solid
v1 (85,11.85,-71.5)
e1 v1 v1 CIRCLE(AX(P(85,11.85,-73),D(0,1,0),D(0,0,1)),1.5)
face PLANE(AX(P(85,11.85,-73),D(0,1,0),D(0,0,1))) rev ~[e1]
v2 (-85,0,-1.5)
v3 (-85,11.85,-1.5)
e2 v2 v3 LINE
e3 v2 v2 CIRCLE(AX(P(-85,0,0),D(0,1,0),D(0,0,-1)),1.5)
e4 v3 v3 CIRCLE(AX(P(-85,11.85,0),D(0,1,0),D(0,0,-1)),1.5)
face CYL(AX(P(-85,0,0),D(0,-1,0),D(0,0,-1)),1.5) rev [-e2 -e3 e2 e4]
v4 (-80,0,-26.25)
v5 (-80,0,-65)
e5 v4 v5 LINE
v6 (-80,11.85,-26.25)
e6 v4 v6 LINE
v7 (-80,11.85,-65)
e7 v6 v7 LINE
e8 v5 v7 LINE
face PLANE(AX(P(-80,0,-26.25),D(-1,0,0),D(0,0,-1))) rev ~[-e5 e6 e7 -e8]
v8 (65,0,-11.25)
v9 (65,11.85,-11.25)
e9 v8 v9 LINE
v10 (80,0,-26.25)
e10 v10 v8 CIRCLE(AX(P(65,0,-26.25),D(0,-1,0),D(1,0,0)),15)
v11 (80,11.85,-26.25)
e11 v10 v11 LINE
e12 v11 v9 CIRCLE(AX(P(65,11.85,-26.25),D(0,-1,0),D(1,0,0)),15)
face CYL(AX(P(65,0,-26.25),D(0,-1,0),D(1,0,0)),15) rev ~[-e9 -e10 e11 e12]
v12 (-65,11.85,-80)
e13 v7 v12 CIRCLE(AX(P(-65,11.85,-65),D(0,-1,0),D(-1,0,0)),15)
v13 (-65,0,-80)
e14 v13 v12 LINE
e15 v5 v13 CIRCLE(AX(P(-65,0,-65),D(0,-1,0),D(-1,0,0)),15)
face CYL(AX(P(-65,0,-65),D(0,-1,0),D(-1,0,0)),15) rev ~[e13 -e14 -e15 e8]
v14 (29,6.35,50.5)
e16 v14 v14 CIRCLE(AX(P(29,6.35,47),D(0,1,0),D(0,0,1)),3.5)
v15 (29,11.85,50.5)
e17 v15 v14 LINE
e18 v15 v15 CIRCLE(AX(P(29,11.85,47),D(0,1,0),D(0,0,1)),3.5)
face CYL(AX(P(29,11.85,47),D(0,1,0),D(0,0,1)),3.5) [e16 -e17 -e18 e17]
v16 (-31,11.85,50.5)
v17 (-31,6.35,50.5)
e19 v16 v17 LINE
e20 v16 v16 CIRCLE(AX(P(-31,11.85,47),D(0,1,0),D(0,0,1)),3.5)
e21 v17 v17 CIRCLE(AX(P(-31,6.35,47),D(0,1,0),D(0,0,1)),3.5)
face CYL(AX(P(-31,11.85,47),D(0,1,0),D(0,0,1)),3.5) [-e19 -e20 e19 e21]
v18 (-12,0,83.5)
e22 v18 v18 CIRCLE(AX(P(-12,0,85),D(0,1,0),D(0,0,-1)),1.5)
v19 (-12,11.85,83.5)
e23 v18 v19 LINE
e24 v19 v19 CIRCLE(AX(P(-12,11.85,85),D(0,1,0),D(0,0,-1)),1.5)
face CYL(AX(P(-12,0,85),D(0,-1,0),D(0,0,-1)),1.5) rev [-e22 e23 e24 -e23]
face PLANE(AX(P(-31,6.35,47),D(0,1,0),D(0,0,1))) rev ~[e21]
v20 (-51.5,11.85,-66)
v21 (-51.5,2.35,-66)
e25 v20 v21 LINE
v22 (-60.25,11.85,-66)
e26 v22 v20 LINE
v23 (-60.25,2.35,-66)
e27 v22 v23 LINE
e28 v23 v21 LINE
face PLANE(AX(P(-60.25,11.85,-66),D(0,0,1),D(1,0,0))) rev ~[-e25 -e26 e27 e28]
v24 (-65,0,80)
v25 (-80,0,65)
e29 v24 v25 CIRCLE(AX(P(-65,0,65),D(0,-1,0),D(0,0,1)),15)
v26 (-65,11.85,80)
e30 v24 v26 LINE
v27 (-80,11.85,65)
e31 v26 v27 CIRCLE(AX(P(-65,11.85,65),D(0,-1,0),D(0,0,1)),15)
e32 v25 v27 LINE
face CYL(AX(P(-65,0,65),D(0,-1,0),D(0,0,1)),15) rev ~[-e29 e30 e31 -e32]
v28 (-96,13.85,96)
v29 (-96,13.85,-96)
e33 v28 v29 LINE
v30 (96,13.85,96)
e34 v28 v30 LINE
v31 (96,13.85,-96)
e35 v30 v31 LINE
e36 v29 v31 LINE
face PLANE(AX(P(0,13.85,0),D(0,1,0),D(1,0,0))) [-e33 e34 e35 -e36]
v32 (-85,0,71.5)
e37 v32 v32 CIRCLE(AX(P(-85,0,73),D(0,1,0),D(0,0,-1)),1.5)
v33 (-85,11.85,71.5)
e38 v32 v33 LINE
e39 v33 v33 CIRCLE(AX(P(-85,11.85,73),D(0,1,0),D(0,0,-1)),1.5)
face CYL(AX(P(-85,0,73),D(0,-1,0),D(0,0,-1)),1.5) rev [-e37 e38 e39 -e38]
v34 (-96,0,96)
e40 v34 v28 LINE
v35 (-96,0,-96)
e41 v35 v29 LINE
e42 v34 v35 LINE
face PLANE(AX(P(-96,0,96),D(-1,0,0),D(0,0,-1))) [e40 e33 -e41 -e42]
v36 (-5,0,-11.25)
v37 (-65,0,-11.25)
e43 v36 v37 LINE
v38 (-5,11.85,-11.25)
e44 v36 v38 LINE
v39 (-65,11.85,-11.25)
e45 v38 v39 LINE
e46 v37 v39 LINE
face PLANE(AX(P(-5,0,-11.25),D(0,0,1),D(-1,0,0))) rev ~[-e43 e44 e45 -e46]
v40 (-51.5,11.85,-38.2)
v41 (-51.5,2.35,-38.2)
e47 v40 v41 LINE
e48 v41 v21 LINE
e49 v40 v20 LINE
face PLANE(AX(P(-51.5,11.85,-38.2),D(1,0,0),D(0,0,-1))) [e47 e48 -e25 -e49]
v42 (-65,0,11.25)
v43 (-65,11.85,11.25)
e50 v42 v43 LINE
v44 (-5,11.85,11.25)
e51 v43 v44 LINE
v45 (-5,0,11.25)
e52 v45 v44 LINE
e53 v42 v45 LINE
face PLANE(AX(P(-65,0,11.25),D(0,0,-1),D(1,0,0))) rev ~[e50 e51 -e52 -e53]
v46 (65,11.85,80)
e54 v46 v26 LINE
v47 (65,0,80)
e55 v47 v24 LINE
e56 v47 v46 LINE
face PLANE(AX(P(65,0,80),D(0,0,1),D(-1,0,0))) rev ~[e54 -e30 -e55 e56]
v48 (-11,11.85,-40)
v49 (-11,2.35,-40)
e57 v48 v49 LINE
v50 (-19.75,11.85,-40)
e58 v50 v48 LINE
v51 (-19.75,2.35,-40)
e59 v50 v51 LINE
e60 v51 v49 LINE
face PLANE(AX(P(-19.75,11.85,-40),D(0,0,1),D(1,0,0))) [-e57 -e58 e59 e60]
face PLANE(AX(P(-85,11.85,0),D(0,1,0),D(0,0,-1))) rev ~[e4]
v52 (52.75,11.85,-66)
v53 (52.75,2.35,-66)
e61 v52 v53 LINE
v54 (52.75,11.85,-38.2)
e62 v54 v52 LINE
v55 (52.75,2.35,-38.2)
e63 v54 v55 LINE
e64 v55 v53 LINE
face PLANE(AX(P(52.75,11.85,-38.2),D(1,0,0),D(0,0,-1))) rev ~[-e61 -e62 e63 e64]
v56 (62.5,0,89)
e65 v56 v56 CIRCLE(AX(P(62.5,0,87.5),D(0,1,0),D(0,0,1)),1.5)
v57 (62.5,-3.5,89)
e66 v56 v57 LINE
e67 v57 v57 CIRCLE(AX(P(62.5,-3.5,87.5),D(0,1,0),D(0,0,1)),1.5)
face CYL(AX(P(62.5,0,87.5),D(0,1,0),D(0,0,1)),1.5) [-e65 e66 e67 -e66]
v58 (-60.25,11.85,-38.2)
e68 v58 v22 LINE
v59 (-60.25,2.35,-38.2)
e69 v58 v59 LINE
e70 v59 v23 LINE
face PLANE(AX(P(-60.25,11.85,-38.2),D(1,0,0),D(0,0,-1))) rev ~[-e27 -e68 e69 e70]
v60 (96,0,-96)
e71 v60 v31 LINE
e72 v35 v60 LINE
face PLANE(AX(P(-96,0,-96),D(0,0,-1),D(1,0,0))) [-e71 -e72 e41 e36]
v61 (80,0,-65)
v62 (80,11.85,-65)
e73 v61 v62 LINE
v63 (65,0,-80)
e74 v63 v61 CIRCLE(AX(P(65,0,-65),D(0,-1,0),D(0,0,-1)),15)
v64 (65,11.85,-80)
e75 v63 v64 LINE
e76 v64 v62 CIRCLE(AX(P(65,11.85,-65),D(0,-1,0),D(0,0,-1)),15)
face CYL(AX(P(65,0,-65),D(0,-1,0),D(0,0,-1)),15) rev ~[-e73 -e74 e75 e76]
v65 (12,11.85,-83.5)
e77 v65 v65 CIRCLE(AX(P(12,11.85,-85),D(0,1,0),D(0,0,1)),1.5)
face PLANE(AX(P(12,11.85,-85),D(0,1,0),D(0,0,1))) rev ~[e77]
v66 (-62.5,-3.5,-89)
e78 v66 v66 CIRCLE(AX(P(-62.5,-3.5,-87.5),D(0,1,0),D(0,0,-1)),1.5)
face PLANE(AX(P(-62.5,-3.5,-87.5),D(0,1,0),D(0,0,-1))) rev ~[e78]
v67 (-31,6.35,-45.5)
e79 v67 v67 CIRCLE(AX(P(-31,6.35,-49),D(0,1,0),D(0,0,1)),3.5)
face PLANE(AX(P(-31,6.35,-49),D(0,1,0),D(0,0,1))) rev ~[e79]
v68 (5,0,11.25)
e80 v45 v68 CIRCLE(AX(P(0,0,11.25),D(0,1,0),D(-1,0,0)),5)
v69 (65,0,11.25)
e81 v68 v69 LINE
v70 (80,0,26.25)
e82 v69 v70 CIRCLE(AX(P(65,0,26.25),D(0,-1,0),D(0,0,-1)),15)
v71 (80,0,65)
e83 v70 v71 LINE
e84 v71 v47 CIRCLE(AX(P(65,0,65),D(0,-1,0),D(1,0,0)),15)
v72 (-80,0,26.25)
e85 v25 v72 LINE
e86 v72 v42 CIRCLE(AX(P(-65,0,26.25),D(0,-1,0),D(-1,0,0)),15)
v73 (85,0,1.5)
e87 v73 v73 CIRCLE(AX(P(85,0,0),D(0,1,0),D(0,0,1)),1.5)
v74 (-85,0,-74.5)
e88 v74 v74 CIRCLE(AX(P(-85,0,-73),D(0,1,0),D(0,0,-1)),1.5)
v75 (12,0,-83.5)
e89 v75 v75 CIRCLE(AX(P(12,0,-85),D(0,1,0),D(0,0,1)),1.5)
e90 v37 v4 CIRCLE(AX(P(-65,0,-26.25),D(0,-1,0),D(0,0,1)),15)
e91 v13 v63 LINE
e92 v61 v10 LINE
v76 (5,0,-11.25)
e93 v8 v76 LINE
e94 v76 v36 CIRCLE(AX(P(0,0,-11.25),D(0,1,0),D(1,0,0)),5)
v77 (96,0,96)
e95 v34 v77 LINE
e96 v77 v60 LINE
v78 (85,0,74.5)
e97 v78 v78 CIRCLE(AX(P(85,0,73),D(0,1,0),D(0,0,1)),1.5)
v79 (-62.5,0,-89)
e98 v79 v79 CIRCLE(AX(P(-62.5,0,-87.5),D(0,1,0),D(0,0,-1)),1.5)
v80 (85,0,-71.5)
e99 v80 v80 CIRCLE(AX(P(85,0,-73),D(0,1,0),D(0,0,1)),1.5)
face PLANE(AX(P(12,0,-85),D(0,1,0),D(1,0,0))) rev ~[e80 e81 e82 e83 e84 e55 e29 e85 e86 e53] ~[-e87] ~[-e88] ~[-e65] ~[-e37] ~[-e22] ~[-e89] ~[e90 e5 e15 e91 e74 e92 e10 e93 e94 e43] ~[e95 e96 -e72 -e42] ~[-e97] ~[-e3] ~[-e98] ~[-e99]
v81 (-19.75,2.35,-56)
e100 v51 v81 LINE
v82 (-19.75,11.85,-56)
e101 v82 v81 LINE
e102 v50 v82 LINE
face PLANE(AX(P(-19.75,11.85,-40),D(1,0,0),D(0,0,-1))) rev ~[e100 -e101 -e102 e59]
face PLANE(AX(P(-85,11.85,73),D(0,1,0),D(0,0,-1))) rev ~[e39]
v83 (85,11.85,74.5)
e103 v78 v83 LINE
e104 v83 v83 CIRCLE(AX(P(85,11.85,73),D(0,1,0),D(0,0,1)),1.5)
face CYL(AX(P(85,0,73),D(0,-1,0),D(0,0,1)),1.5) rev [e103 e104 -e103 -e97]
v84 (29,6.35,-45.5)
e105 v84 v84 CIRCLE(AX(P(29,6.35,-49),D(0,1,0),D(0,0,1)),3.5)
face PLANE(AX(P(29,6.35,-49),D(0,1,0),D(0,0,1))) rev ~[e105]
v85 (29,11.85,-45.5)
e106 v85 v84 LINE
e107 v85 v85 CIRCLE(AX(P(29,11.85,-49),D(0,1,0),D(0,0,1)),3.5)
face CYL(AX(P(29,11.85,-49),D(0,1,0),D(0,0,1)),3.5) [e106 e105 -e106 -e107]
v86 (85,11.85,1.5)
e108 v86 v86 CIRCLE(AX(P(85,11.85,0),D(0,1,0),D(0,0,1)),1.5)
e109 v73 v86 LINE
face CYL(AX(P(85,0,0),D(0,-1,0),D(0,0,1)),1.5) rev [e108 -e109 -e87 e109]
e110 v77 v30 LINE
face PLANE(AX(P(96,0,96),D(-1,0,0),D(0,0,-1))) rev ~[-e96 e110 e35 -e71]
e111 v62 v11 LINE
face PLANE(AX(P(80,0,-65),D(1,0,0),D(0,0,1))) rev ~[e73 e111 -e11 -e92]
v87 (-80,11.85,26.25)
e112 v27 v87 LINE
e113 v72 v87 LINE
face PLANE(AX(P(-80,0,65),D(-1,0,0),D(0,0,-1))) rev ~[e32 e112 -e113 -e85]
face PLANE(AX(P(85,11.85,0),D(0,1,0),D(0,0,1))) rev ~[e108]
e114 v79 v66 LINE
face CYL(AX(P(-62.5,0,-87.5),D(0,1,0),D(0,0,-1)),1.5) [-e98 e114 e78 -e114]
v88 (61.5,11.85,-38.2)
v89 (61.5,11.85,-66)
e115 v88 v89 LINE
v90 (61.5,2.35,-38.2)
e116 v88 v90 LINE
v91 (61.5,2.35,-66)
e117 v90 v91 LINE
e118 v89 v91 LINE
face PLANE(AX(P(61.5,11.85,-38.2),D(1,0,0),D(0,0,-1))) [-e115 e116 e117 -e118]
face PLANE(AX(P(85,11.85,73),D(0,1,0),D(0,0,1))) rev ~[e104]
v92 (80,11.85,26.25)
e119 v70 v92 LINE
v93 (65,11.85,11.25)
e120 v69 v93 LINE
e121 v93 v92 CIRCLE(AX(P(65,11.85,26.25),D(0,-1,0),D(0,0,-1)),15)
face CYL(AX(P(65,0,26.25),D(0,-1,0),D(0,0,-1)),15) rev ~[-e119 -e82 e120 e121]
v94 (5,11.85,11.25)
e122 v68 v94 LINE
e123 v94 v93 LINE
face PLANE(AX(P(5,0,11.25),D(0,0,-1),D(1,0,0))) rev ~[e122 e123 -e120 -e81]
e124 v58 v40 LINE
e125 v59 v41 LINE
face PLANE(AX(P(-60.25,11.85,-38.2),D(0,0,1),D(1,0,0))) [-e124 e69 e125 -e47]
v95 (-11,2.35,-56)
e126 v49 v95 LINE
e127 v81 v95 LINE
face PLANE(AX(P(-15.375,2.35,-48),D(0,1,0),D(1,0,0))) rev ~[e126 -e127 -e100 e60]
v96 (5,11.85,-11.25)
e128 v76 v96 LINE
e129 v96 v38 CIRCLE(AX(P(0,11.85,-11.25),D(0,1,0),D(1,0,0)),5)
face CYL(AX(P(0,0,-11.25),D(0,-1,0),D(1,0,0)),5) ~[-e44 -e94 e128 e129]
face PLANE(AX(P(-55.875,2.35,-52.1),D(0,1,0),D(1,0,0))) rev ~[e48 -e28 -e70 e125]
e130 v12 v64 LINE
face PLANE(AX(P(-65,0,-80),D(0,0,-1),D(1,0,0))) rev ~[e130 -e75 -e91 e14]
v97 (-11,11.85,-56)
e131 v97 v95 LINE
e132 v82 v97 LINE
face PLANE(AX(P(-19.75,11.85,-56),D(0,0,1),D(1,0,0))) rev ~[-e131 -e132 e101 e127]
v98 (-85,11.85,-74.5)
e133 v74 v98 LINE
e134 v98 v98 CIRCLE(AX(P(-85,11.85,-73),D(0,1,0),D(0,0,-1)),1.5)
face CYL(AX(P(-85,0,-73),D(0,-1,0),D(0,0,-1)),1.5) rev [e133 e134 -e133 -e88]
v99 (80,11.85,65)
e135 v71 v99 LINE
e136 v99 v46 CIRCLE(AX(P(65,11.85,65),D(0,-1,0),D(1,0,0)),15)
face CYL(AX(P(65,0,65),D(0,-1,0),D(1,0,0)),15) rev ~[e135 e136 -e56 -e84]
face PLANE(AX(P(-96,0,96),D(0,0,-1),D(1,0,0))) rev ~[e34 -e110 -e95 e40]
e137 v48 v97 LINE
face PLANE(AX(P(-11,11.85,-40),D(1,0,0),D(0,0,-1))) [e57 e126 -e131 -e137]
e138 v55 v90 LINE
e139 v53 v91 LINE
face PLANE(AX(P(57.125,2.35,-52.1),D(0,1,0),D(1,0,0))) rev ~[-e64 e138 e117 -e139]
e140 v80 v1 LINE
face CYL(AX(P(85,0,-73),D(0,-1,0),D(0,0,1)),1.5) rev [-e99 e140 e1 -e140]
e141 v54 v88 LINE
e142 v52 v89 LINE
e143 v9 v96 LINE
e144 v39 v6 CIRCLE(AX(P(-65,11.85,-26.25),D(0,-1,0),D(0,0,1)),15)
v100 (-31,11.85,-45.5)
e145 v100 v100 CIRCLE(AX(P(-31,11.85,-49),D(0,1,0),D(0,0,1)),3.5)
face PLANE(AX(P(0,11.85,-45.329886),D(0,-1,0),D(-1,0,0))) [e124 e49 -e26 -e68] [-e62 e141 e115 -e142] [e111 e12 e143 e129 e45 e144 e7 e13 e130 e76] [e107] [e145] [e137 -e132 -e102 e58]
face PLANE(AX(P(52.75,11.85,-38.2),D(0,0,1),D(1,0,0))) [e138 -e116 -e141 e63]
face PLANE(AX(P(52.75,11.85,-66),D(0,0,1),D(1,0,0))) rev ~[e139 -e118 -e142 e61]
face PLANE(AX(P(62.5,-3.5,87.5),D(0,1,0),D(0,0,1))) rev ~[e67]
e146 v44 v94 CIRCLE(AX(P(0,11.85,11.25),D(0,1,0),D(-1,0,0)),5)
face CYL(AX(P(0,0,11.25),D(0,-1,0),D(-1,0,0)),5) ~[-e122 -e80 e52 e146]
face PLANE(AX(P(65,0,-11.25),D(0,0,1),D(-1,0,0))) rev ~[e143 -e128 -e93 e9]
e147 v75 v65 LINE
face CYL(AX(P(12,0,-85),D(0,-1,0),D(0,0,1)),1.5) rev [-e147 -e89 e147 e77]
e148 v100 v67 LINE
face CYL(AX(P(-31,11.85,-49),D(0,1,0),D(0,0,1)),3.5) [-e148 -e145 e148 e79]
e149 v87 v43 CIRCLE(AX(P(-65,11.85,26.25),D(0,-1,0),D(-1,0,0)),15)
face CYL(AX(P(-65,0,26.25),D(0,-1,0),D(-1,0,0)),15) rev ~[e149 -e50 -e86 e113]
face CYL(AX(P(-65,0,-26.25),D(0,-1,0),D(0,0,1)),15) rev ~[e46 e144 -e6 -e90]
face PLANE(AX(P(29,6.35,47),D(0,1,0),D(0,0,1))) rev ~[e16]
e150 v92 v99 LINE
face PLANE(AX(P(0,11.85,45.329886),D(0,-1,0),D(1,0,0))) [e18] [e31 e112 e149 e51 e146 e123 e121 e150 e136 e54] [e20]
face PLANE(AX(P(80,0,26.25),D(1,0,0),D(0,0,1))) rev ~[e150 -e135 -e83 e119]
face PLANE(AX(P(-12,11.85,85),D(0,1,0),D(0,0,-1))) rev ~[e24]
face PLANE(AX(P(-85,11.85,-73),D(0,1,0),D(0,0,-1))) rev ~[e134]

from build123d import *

# Parameters (mm, degrees)
SKETCH1_W           = 192
SKETCH1_H           = 192
SKETCH1_R           = 1.5
BOSS_EXTRUDE1_DEPTH = 13.85
SKETCH1_3_R         = 1.5
CUT_EXTRUDE1_DEPTH  = 11.85
SKETCH1_4_R         = 1.5
BOSS_EXTRUDE2_DEPTH = 3.5
CIRPATTERN1_COUNT   = 2
BOSS_EXTRUDE4_START = -2
SKETCH2_W           = 8.75
SKETCH2_H           = 27.8
SKETCH2_H_2         = 16
BOSS_EXTRUDE4_DEPTH = 9.5
BOSS_EXTRUDE5_START = -2
SKETCH2_3_R         = 3.5
BOSS_EXTRUDE5_DEPTH = 5.5


with BuildPart() as part:
    # Sketch1 → Boss-Extrude1 (new body)
    # profile 1 of 7: a face of its own
    with BuildSketch(Plane(origin=(0, 0, 0), x_dir=(1, 0, 0), z_dir=(0, 1, 0))):
        Rectangle(SKETCH1_W, SKETCH1_H)
        with Locations((62.5, -87.5)):
            Circle(SKETCH1_R, mode=Mode.SUBTRACT)
        with Locations((12, 85)):
            Circle(SKETCH1_R, mode=Mode.SUBTRACT)
        with Locations((85, 73)):
            Circle(SKETCH1_R, mode=Mode.SUBTRACT)
        with Locations((85, 0)):
            Circle(SKETCH1_R, mode=Mode.SUBTRACT)
        with Locations((85, -73)):
            Circle(SKETCH1_R, mode=Mode.SUBTRACT)
        with BuildLine():
            Line((5, 11.25), (65, 11.25))
            ThreePointArc((65, 11.25), (75.606601718, 15.643398282), (80, 26.25))
            Line((80, 26.25), (80, 65))
            ThreePointArc((80, 65), (75.606601718, 75.606601718), (65, 80))
            Line((65, 80), (-65, 80))
            ThreePointArc((-65, 80), (-75.606601718, 75.606601718), (-80, 65))
            Line((-80, 65), (-80, 26.25))
            ThreePointArc((-80, 26.25), (-75.606601718, 15.643398282), (-65, 11.25))
            Line((-65, 11.25), (-5, 11.25))
            ThreePointArc((-5, 11.25), (0, 16.25), (5, 11.25))
        make_face(mode=Mode.SUBTRACT)
    # profile 2 of 7: a face of its own
    with BuildSketch(Plane(origin=(0, 0, 0), x_dir=(1, 0, 0), z_dir=(0, 1, 0))):
        with BuildLine():
            ThreePointArc((5, 11.25), (0, 16.25), (-5, 11.25))
            Line((-5, 11.25), (-65, 11.25))
            ThreePointArc((-65, 11.25), (-75.606601718, 15.643398282), (-80, 26.25))
            Line((-80, 26.25), (-80, 65))
            ThreePointArc((-80, 65), (-75.606601718, 75.606601718), (-65, 80))
            Line((-65, 80), (65, 80))
            ThreePointArc((65, 80), (75.606601718, 75.606601718), (80, 65))
            Line((80, 65), (80, 26.25))
            ThreePointArc((80, 26.25), (75.606601718, 15.643398282), (65, 11.25))
            Line((65, 11.25), (5, 11.25))
        make_face()
    # profile 3 of 7: a face of its own
    with BuildSketch(Plane(origin=(0, 0, 0), x_dir=(1, 0, 0), z_dir=(0, 1, 0))):
        with Locations((62.5, -87.5)):
            Circle(SKETCH1_R)
    # profile 4 of 7: a face of its own
    with BuildSketch(Plane(origin=(0, 0, 0), x_dir=(1, 0, 0), z_dir=(0, 1, 0))):
        with Locations((85, -73)):
            Circle(SKETCH1_R)
    # profile 5 of 7: a face of its own
    with BuildSketch(Plane(origin=(0, 0, 0), x_dir=(1, 0, 0), z_dir=(0, 1, 0))):
        with Locations((85, 0)):
            Circle(SKETCH1_R)
    # profile 6 of 7: a face of its own
    with BuildSketch(Plane(origin=(0, 0, 0), x_dir=(1, 0, 0), z_dir=(0, 1, 0))):
        with Locations((85, 73)):
            Circle(SKETCH1_R)
    # profile 7 of 7: a face of its own
    with BuildSketch(Plane(origin=(0, 0, 0), x_dir=(1, 0, 0), z_dir=(0, 1, 0))):
        with Locations((12, 85)):
            Circle(SKETCH1_R)
    extrude(amount=BOSS_EXTRUDE1_DEPTH)

    # Sketch1<3> → Cut-Extrude1 (cut)
    with BuildSketch(Plane(origin=(0, 0, 0), x_dir=(1, 0, 0), z_dir=(0, 1, 0))):
        with BuildLine():
            ThreePointArc((5, 11.25), (0, 16.25), (-5, 11.25))
            Line((-5, 11.25), (-65, 11.25))
            ThreePointArc((-65, 11.25), (-75.606601718, 15.643398282), (-80, 26.25))
            Line((-80, 26.25), (-80, 65))
            ThreePointArc((-80, 65), (-75.606601718, 75.606601718), (-65, 80))
            Line((-65, 80), (65, 80))
            ThreePointArc((65, 80), (75.606601718, 75.606601718), (80, 65))
            Line((80, 65), (80, 26.25))
            ThreePointArc((80, 26.25), (75.606601718, 15.643398282), (65, 11.25))
            Line((65, 11.25), (5, 11.25))
        make_face()
        with Locations(Location((85, -73, 0), (0, 0, 270))):
            Circle(SKETCH1_3_R)
        with Locations(Location((85, 73, 0), (0, 0, 270))):
            Circle(SKETCH1_3_R)
        with Locations(Location((12, 85, 0), (0, 0, 270))):
            Circle(SKETCH1_3_R)
        with Locations(Location((85, 0, 0), (0, 0, 270))):
            Circle(SKETCH1_3_R)
    cut_extrude1 = extrude(amount=CUT_EXTRUDE1_DEPTH, mode=Mode.SUBTRACT)

    # Sketch1<4> → Boss-Extrude2 (add)
    with BuildSketch(Plane(origin=(0, 0, 0), x_dir=(1, 0, 0), z_dir=(0, 1, 0))):
        with Locations(Location((62.5, -87.5, 0), (0, 0, 270))):
            Circle(SKETCH1_4_R)
    boss_extrude2 = extrude(amount=-BOSS_EXTRUDE2_DEPTH)

    # CirPattern1: Cut-Extrude1, Boss-Extrude2 ×2 about axis
    cirpattern1_axis = Axis((0, 0, 0), (0, 1, 0))
    add([cut_extrude1.rotate(cirpattern1_axis, i * 360 / CIRPATTERN1_COUNT) for i in range(1, CIRPATTERN1_COUNT)], mode=Mode.SUBTRACT)
    add([boss_extrude2.rotate(cirpattern1_axis, i * 360 / CIRPATTERN1_COUNT) for i in range(1, CIRPATTERN1_COUNT)])

    # Sketch2 → Boss-Extrude4 (add)
    with BuildSketch(Plane(origin=(0, 13.85, 0), x_dir=(1, 0, 0), z_dir=(0, 1, 0)).offset(BOSS_EXTRUDE4_START)):
        with Locations((57.125, 52.1)):
            Rectangle(SKETCH2_W, SKETCH2_H)
        with Locations((-15.375, 48)):
            Rectangle(SKETCH2_W, SKETCH2_H_2)
        with Locations((-55.875, 52.1)):
            Rectangle(SKETCH2_W, SKETCH2_H)
    extrude(amount=-BOSS_EXTRUDE4_DEPTH)

    # Sketch2<3> → Boss-Extrude5 (add)
    with BuildSketch(Plane(origin=(0, 13.85, 0), x_dir=(1, 0, 0), z_dir=(0, 1, 0)).offset(BOSS_EXTRUDE5_START)):
        with Locations(Location((29, 49, 0), (0, 0, 270))):
            Circle(SKETCH2_3_R)
        with Locations(Location((-31, 49, 0), (0, 0, 270))):
            Circle(SKETCH2_3_R)
        with Locations(Location((29, -47, 0), (0, 0, 270))):
            Circle(SKETCH2_3_R)
        with Locations(Location((-31, -47, 0), (0, 0, 270))):
            Circle(SKETCH2_3_R)
    extrude(amount=-BOSS_EXTRUDE5_DEPTH)


solid = part.part
